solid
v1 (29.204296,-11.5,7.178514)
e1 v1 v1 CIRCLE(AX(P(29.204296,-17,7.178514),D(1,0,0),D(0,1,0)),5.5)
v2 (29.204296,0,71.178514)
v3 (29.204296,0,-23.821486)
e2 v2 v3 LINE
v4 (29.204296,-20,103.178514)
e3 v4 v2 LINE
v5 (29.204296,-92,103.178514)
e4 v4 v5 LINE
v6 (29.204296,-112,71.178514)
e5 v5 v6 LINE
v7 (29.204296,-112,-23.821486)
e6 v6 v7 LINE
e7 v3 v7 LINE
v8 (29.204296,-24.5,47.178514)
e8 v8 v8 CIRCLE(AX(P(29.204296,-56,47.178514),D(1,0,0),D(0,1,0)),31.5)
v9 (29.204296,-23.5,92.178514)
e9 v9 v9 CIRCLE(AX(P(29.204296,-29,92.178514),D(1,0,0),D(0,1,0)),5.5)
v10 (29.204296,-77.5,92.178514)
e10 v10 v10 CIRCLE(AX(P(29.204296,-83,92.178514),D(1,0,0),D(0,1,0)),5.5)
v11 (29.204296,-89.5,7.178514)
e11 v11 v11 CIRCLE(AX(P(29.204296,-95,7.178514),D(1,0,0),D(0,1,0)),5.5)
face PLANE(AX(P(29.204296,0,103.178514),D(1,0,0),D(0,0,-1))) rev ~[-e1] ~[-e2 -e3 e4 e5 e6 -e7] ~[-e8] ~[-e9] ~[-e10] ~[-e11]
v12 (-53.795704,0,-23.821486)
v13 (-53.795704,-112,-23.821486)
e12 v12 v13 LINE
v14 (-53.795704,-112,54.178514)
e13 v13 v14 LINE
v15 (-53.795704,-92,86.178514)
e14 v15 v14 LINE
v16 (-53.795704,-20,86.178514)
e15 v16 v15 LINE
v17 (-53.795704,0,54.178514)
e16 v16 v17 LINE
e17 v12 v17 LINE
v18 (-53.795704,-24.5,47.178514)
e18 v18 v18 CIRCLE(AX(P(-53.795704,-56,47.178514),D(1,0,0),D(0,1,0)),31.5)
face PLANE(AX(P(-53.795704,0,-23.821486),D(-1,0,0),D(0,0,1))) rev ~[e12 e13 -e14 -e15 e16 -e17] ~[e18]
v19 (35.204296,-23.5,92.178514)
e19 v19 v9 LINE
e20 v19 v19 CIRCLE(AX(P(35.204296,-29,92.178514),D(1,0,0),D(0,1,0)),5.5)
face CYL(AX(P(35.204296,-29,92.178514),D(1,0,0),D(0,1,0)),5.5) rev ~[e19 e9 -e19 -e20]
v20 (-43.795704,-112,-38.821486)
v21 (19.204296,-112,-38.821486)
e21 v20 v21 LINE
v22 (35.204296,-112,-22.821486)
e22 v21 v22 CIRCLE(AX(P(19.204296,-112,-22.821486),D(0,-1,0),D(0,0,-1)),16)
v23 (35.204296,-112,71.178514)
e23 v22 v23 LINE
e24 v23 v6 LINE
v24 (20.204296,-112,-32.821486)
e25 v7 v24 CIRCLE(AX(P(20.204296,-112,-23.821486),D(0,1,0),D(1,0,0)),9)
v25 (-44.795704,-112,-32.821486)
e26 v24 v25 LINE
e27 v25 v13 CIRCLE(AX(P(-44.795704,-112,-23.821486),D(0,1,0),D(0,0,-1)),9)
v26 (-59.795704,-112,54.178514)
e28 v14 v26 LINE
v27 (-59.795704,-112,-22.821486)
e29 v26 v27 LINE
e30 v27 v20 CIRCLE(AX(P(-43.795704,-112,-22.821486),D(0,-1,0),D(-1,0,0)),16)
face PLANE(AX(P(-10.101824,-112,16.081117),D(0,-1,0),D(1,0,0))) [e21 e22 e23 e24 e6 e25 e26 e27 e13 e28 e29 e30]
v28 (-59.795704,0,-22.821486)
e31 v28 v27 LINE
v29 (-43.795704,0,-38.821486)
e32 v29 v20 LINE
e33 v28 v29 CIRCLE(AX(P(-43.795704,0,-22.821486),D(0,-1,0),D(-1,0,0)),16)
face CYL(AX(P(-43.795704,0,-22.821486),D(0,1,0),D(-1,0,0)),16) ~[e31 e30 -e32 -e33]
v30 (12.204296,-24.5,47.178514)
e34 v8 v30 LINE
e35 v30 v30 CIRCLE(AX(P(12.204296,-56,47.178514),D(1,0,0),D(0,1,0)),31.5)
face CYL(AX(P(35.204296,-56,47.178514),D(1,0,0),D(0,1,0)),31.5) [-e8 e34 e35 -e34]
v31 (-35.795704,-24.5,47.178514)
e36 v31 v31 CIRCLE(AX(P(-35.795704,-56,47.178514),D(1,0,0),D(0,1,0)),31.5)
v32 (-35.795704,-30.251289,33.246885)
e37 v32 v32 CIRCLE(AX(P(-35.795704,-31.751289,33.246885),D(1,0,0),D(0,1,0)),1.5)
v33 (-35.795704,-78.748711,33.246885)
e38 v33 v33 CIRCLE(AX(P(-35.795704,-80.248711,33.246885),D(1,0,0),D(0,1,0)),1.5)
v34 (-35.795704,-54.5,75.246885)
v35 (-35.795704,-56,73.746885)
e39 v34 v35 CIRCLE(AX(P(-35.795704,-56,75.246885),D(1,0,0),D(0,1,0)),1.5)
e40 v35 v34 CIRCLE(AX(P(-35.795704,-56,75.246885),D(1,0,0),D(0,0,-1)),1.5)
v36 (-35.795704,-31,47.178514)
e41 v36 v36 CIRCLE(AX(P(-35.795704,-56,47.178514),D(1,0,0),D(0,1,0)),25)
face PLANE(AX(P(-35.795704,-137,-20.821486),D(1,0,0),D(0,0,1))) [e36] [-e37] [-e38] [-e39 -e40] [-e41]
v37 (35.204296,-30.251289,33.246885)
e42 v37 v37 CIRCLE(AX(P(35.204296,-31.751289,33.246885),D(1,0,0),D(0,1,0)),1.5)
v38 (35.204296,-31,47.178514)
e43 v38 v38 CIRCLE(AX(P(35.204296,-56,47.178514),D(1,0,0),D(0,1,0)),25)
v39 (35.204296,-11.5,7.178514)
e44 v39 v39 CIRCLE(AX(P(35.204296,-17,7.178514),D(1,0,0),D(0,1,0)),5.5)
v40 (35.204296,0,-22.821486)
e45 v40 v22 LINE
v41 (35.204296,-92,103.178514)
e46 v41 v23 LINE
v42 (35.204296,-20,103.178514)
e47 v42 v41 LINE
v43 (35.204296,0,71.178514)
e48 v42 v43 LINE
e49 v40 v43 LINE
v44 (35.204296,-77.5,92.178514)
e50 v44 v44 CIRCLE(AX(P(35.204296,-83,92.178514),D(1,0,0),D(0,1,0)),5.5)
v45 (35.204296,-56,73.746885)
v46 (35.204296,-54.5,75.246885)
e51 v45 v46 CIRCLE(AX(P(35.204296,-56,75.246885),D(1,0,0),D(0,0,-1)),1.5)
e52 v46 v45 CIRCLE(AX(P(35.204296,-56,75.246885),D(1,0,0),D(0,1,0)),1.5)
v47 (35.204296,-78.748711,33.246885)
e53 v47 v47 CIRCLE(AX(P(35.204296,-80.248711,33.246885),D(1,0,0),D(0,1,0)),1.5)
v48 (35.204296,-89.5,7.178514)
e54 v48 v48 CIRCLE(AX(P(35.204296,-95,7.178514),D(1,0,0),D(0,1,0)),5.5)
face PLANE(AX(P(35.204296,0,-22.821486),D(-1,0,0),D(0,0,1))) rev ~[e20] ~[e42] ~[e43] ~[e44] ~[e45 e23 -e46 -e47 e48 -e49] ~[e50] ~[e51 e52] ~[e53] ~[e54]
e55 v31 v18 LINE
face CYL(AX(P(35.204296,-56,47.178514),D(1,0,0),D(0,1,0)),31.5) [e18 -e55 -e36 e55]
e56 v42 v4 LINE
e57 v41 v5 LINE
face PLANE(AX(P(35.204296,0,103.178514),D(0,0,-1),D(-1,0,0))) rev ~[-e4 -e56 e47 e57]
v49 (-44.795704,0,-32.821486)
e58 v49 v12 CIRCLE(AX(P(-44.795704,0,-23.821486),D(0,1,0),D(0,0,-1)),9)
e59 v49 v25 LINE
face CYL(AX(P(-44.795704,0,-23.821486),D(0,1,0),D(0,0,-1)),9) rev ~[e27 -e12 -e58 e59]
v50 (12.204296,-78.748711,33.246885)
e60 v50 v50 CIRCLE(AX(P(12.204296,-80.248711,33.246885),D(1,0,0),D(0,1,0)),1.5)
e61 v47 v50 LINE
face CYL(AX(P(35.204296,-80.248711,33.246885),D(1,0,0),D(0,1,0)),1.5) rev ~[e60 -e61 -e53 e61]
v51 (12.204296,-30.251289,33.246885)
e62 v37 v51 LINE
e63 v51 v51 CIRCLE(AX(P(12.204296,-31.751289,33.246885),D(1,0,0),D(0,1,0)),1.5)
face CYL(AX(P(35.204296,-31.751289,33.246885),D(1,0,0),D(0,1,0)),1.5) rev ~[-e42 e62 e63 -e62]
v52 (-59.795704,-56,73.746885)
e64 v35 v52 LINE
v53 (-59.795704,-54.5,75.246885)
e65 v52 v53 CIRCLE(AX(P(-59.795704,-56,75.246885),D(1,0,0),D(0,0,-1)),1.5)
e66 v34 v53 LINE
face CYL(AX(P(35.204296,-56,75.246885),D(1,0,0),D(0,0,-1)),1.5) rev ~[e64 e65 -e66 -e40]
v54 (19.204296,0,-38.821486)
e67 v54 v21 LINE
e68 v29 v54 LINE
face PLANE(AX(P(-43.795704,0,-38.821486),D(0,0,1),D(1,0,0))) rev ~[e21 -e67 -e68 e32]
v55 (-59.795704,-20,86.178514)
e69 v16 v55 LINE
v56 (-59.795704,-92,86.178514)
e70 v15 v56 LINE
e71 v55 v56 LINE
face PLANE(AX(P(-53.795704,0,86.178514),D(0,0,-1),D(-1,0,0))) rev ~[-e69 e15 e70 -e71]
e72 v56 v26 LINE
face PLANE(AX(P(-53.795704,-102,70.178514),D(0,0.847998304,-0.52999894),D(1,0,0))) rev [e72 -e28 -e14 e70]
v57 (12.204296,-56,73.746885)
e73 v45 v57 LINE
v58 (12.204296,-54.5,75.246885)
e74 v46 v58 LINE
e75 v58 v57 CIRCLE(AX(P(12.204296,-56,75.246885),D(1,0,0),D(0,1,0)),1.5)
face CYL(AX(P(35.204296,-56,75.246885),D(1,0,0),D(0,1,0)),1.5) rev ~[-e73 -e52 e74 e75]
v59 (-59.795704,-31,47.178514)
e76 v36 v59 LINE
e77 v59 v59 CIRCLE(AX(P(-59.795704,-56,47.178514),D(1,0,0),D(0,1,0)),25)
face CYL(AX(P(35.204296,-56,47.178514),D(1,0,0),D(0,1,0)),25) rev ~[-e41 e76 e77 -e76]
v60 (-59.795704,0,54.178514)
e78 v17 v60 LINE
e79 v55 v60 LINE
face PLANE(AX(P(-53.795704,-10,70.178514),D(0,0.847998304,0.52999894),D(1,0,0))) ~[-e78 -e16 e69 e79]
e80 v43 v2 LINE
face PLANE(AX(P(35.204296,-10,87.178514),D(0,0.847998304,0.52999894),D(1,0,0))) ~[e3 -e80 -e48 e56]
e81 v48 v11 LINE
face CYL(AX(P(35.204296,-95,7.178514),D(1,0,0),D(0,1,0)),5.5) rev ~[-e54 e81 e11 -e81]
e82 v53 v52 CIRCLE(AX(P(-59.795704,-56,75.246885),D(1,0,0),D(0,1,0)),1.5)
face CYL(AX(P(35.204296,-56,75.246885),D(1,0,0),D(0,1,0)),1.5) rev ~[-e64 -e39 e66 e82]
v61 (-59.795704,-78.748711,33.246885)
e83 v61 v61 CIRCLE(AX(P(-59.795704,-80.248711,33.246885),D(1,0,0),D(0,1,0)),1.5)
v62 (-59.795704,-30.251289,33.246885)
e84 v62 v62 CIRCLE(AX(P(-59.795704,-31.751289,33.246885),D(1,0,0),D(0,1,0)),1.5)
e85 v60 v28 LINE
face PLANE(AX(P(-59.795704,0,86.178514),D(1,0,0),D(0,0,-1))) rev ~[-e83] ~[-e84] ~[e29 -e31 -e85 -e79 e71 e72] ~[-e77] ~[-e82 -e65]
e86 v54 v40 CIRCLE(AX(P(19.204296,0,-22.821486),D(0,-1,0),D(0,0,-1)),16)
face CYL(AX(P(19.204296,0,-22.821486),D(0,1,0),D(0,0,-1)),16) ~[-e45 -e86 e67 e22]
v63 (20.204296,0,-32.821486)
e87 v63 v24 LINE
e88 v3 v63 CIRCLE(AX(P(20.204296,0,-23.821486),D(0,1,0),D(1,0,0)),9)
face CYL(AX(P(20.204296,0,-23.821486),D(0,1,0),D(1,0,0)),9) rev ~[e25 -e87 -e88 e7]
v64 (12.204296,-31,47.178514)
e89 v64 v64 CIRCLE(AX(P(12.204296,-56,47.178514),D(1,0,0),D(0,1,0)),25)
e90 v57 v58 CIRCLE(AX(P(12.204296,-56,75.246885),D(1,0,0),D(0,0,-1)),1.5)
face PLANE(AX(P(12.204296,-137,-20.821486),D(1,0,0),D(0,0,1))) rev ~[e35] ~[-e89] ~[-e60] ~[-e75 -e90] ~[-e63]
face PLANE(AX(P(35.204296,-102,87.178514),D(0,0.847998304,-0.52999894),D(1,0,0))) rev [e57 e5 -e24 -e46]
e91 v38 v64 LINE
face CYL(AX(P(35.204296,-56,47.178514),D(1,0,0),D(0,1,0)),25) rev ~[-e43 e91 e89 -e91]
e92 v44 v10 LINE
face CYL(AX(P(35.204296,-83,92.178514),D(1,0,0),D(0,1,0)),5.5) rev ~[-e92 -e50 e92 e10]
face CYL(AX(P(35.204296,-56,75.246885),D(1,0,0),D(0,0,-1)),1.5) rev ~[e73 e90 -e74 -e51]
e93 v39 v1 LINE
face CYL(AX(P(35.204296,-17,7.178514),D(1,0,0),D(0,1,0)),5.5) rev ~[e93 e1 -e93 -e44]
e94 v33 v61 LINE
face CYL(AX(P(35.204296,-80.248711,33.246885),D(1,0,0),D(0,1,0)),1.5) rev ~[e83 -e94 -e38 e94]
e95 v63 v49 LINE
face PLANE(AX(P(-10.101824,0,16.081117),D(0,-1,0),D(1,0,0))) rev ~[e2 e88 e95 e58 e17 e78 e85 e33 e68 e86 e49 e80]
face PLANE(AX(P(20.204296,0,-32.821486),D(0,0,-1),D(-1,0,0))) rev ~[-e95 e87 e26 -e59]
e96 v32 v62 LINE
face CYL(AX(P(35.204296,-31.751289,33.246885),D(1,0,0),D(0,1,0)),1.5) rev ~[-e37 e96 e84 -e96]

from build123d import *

# Parameters (mm, degrees)
F1_DEPTH    = 112
F2_R        = 25
F3_DEPTH    = 185
F2_R_2      = 31.5
F5_DEPTH    = 184
F6_DEPTH    = 95
F7_W        = 48
F7_H        = 100
F8_DEPTH    = 159
F9_R        = 5.5
F10_DEPTH   = 39.1
F9_R_2      = 1.5
F11_DEPTH   = 154.4
F12_SIZE2   = 32
F12_SIZE    = 20
F12_2_SIZE2 = 32
F12_2_SIZE  = 20


with BuildPart() as f1:
    # F0 (on Front) → F1 (new body)
    with BuildSketch(Plane.XZ):
        with BuildLine():
            ThreePointArc((-59.7957043946, -22.8214863997), (-55.1094128936, -34.1351948987), (-43.7957043946, -38.8214863997))
            Line((-43.7957043946, -38.8214863997), (19.2042956054, -38.8214863997))
            ThreePointArc((19.2042956054, -38.8214863997), (30.5180041044, -34.1351948987), (35.2042956054, -22.8214863997))
            Line((35.2042956054, -22.8214863997), (35.2042956054, 103.1785136003))
            Line((35.2042956054, 103.1785136003), (29.2042956054, 103.1785136003))
            Line((29.2042956054, 103.1785136003), (29.2042956054, 87.1785136003))
            Line((29.2042956054, 87.1785136003), (29.2042956054, -23.8214863997))
            ThreePointArc((29.2042956054, -23.8214863997), (26.5682566361, -30.1854474304), (20.2042956054, -32.8214863997))
            Line((20.2042956054, -32.8214863997), (-44.7957043946, -32.8214863997))
            ThreePointArc((-44.7957043946, -32.8214863997), (-51.1596654253, -30.1854474304), (-53.7957043946, -23.8214863997))
            Line((-53.7957043946, -23.8214863997), (-53.7957043946, 86.1785136003))
            Line((-53.7957043946, 86.1785136003), (-59.7957043946, 86.1785136003))
            Line((-59.7957043946, 86.1785136003), (-59.7957043946, -22.8214863997))
        make_face()
    extrude(amount=F1_DEPTH)

    # F2 (on face) → F3 (cut)
    with BuildSketch(Plane.YZ.offset(35.2042956054)):
        with Locations((-56, 47.1785136003)):
            Circle(F2_R)
    extrude(amount=-F3_DEPTH, mode=Mode.SUBTRACT)

    # F2 (on face) → F5 (cut)
    with BuildSketch(Plane.YZ.offset(35.2042956054)):
        with Locations((-56, 47.1785136003)):
            Circle(F2_R_2)
        with Locations((-56, 47.1785136003)):
            Circle(F2_R, mode=Mode.SUBTRACT)
    extrude(amount=-F5_DEPTH, mode=Mode.SUBTRACT)

    # F2 (on face) → F6 (join)
    with BuildSketch(Plane.YZ.offset(35.2042956054)):
        with Locations((-56, 47.1785136003)):
            Circle(F2_R_2)
        with Locations((-56, 47.1785136003)):
            Circle(F2_R, mode=Mode.SUBTRACT)
    extrude(amount=-F6_DEPTH)

    # F7 (on offset) → F8 (cut)
    with BuildSketch(Plane.XZ.offset(137)):
        with Locations((-11.7957043946, 29.1785136003)):
            Rectangle(F7_W, F7_H)
    extrude(amount=-F8_DEPTH, mode=Mode.SUBTRACT)

    # F9 (on face) → F10 (cut)
    with BuildSketch(Plane.YZ.offset(35.2042956054)):
        with Locations((-83, 92.1785136003)):
            Circle(F9_R)
        with Locations((-29, 92.1785136003)):
            Circle(F9_R)
        with Locations((-95, 7.1785136003)):
            Circle(F9_R)
        with Locations((-17, 7.1785136003)):
            Circle(F9_R)
    extrude(amount=-F10_DEPTH, mode=Mode.SUBTRACT)

    # F9 (on face) → F11 (cut)
    with BuildSketch(Plane.YZ.offset(35.2042956054)):
        with Locations((-31.751288694, 33.2468845546)):
            Circle(F9_R_2)
        with Locations((-80.248711306, 33.2468845546)):
            Circle(F9_R_2)
        with BuildLine():
            ThreePointArc((-56, 73.7468845546), (-54.9393398282, 74.1862243828), (-54.5, 75.2468845546))
            ThreePointArc((-54.5, 75.2468845546), (-57.0606601718, 76.3075447264), (-56, 73.7468845546))
        make_face()
    extrude(amount=-F11_DEPTH, mode=Mode.SUBTRACT)

    # F12
    f12_edges = [f1.edges().sort_by_distance(p)[0] for p in [
        (-56.795704, 0, 86.178514),
        (-56.795704, -112, 86.178514),
    ]]
    f12_side = f1.faces().sort_by_distance((-56.795704, -56, 86.178514))[0]
    chamfer(f12_edges, length=F12_SIZE, length2=F12_SIZE2, reference=f12_side)

    # F12#2
    f12_2_edges = [f1.edges().sort_by_distance(p)[0] for p in [
        (32.204296, 0, 103.178514),
        (32.204296, -112, 103.178514),
    ]]
    f12_2_side = f1.faces().sort_by_distance((32.204296, -56, 103.178514))[0]
    chamfer(f12_2_edges, length=F12_2_SIZE, length2=F12_2_SIZE2, reference=f12_2_side)


solid = f1.part
